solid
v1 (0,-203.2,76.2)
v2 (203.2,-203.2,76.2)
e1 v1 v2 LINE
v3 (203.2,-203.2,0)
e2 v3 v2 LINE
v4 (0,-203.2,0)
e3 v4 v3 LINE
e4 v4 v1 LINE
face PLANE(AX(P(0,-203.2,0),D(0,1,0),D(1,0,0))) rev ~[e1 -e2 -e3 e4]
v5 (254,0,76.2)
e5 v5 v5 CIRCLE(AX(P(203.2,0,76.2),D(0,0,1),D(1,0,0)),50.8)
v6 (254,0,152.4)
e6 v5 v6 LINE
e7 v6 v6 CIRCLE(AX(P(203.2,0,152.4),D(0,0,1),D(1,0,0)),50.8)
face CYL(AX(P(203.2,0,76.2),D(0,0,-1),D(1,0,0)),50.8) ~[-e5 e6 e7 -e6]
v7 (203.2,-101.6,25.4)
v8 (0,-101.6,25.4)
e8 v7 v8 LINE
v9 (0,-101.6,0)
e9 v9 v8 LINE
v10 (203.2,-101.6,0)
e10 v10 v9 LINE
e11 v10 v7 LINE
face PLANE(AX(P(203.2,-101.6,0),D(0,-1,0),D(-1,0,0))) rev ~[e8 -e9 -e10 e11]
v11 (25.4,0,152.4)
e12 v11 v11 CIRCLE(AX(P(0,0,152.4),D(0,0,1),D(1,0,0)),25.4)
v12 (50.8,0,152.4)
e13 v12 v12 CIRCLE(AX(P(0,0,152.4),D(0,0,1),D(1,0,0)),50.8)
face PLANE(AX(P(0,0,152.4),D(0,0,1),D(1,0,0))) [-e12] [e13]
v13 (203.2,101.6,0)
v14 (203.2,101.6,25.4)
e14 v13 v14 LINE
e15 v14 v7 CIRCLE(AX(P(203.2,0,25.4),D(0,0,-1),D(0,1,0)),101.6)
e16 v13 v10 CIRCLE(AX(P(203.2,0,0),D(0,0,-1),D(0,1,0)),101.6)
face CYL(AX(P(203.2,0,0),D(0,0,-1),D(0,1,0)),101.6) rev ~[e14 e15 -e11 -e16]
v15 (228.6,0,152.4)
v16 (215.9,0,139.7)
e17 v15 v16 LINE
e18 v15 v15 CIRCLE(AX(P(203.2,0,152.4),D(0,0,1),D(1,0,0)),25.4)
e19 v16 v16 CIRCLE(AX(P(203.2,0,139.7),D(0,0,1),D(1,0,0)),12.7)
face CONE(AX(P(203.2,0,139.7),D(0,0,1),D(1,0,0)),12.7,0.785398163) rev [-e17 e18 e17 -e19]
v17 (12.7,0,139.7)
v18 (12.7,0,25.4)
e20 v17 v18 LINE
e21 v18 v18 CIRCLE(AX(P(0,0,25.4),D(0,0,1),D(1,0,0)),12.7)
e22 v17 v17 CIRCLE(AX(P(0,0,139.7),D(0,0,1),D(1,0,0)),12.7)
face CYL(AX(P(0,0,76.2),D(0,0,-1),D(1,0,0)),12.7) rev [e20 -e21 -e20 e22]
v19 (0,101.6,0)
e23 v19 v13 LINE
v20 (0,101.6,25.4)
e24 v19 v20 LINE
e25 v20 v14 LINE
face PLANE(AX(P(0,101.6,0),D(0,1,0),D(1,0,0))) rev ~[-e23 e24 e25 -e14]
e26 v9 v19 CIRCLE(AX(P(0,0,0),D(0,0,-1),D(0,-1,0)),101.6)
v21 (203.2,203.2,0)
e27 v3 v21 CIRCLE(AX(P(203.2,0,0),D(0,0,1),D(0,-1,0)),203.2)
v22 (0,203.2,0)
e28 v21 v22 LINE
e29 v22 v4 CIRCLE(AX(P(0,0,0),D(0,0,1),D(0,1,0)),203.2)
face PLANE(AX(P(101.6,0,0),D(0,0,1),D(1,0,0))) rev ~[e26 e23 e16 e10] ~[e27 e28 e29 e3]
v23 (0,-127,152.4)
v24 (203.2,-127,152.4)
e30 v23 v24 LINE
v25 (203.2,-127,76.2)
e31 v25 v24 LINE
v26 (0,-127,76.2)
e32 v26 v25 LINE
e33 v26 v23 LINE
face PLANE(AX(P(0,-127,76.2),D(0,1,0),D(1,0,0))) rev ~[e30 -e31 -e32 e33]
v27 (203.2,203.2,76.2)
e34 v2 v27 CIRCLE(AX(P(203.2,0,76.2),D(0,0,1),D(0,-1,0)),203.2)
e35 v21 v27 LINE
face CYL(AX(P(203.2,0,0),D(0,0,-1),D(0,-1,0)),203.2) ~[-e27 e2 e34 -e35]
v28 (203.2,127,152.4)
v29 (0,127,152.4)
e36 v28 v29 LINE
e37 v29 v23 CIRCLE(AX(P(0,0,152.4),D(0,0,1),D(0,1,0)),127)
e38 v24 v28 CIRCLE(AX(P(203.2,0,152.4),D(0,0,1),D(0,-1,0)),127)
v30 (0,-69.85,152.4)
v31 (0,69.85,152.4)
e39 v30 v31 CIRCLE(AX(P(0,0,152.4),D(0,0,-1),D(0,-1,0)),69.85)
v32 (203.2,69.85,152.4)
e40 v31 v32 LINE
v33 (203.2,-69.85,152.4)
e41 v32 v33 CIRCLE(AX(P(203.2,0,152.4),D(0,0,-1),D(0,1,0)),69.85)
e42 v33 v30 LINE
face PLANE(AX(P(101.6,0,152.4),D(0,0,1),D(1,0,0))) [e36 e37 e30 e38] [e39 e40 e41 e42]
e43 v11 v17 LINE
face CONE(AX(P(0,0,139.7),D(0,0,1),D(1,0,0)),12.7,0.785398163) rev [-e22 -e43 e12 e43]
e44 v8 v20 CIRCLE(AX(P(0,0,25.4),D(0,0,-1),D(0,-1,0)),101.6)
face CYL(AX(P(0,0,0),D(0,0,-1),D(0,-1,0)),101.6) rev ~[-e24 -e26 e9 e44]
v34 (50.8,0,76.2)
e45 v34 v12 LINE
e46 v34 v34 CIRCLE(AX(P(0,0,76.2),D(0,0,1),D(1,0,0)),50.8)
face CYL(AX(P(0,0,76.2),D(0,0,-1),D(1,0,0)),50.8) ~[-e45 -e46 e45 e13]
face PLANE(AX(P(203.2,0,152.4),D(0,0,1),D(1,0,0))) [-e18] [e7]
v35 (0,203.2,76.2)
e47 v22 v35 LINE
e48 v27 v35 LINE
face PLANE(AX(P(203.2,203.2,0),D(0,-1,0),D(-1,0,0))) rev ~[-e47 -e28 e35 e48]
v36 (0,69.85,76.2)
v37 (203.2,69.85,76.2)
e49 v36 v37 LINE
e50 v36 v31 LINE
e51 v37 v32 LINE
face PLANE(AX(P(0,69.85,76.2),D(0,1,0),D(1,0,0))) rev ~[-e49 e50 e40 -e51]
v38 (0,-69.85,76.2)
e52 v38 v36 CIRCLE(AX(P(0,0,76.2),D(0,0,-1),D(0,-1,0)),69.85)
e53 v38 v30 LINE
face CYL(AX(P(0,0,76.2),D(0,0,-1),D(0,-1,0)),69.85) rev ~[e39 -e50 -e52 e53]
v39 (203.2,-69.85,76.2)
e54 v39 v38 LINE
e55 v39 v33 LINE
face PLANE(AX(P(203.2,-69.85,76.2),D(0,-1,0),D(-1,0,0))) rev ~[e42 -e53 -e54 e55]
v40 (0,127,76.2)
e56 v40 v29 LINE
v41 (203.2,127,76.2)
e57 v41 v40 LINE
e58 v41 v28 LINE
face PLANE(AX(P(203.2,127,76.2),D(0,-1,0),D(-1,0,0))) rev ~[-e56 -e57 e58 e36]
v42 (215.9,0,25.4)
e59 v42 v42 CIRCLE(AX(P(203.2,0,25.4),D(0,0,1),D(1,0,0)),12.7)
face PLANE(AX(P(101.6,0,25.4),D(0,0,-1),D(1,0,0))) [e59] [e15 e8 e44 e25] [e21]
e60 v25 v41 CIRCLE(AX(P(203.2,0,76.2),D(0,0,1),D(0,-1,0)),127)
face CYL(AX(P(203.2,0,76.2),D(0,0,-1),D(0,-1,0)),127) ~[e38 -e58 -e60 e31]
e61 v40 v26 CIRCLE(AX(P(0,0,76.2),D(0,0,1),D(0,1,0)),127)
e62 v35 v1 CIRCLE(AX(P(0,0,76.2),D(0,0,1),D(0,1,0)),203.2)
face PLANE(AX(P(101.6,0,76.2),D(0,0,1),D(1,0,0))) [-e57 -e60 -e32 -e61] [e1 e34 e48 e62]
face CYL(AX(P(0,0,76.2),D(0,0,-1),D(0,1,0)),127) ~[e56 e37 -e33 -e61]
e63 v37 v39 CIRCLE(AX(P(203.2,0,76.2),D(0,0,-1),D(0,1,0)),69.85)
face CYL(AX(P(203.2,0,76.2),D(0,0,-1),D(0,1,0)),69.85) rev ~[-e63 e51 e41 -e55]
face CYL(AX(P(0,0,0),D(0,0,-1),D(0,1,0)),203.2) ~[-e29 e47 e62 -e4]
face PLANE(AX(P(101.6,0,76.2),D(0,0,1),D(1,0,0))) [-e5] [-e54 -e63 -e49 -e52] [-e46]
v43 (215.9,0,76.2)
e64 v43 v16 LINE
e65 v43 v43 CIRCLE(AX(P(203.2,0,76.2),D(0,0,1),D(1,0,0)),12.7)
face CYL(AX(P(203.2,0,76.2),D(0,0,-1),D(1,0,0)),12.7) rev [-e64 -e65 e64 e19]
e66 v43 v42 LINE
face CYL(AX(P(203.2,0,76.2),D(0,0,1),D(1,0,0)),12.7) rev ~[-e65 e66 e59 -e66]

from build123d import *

# Parameters (mm, degrees)
F1_DEPTH = 76.2
F2_R     = 50.8
F2_R_2   = 25.4
F2_R_3   = 12.7
F3_DEPTH = 76.2
F4_SIZE  = 12.7
F6_DEPTH = 25.4
F7_DEPTH = 50.8


with BuildPart() as f1:
    # F0 (on Top) → F1 (new body)
    with BuildSketch(Plane.XY):
        with BuildLine():
            Line((203.2, 203.2), (0, 203.2))
            ThreePointArc((0, 203.2), (-203.2, 0), (0, -203.2))
            Line((0, -203.2), (203.2, -203.2))
            ThreePointArc((203.2, -203.2), (406.4, 0), (203.2, 203.2))
        make_face()
    extrude(amount=F1_DEPTH)

    # F2 (on face) → F3 (join)
    with BuildSketch(Plane.XY.offset(76.2)):
        with BuildLine():
            Line((0, -127), (203.2, -127))
            ThreePointArc((203.2, -127), (330.2, 0), (203.2, 127))
            Line((203.2, 127), (0, 127))
            ThreePointArc((0, 127), (-127, 0), (0, -127))
        make_face()
        with BuildLine():
            ThreePointArc((0, -69.85), (-69.85, 0), (0, 69.85))
            Line((0, 69.85), (203.2, 69.85))
            ThreePointArc((203.2, 69.85), (273.05, 0), (203.2, -69.85))
            Line((203.2, -69.85), (0, -69.85))
        make_face(mode=Mode.SUBTRACT)
        Circle(F2_R)
        Circle(F2_R_2, mode=Mode.SUBTRACT)
        with Locations((203.2, 0)):
            Circle(F2_R)
        with Locations((203.2, 0)):
            Circle(F2_R_2, mode=Mode.SUBTRACT)
        Circle(F2_R_2)
        Circle(F2_R_3, mode=Mode.SUBTRACT)
        with Locations((203.2, 0)):
            Circle(F2_R_2)
        with Locations((203.2, 0)):
            Circle(F2_R_3, mode=Mode.SUBTRACT)
    extrude(amount=F3_DEPTH)

    # F4
    f4_edges = [f1.edges().sort_by_distance(p)[0] for p in [
        (-12.7, 0, 152.4),
        (190.5, 0, 152.4),
    ]]
    chamfer(f4_edges, length=F4_SIZE)

    # F5 (on face) → F6 (cut)
    with BuildSketch(Plane(origin=(0, 0, 0), x_dir=(1, 0, 0), z_dir=(0, 0, -1))):
        with BuildLine():
            Line((203.2, 101.6), (0, 101.6))
            ThreePointArc((0, 101.6), (-101.6, 0), (0, -101.6))
            Line((0, -101.6), (203.2, -101.6))
            ThreePointArc((203.2, -101.6), (304.8, 0), (203.2, 101.6))
        make_face()
    extrude(amount=-F6_DEPTH, mode=Mode.SUBTRACT)

    # F7 (cut): faces of the model
    f7_faces = [f1.faces().sort_by_distance(p)[0] for p in [
        (0, 0, 76.2),
        (203.2, 0, 76.2),
    ]]
    extrude(f7_faces, amount=-F7_DEPTH, mode=Mode.SUBTRACT)


solid = f1.part
